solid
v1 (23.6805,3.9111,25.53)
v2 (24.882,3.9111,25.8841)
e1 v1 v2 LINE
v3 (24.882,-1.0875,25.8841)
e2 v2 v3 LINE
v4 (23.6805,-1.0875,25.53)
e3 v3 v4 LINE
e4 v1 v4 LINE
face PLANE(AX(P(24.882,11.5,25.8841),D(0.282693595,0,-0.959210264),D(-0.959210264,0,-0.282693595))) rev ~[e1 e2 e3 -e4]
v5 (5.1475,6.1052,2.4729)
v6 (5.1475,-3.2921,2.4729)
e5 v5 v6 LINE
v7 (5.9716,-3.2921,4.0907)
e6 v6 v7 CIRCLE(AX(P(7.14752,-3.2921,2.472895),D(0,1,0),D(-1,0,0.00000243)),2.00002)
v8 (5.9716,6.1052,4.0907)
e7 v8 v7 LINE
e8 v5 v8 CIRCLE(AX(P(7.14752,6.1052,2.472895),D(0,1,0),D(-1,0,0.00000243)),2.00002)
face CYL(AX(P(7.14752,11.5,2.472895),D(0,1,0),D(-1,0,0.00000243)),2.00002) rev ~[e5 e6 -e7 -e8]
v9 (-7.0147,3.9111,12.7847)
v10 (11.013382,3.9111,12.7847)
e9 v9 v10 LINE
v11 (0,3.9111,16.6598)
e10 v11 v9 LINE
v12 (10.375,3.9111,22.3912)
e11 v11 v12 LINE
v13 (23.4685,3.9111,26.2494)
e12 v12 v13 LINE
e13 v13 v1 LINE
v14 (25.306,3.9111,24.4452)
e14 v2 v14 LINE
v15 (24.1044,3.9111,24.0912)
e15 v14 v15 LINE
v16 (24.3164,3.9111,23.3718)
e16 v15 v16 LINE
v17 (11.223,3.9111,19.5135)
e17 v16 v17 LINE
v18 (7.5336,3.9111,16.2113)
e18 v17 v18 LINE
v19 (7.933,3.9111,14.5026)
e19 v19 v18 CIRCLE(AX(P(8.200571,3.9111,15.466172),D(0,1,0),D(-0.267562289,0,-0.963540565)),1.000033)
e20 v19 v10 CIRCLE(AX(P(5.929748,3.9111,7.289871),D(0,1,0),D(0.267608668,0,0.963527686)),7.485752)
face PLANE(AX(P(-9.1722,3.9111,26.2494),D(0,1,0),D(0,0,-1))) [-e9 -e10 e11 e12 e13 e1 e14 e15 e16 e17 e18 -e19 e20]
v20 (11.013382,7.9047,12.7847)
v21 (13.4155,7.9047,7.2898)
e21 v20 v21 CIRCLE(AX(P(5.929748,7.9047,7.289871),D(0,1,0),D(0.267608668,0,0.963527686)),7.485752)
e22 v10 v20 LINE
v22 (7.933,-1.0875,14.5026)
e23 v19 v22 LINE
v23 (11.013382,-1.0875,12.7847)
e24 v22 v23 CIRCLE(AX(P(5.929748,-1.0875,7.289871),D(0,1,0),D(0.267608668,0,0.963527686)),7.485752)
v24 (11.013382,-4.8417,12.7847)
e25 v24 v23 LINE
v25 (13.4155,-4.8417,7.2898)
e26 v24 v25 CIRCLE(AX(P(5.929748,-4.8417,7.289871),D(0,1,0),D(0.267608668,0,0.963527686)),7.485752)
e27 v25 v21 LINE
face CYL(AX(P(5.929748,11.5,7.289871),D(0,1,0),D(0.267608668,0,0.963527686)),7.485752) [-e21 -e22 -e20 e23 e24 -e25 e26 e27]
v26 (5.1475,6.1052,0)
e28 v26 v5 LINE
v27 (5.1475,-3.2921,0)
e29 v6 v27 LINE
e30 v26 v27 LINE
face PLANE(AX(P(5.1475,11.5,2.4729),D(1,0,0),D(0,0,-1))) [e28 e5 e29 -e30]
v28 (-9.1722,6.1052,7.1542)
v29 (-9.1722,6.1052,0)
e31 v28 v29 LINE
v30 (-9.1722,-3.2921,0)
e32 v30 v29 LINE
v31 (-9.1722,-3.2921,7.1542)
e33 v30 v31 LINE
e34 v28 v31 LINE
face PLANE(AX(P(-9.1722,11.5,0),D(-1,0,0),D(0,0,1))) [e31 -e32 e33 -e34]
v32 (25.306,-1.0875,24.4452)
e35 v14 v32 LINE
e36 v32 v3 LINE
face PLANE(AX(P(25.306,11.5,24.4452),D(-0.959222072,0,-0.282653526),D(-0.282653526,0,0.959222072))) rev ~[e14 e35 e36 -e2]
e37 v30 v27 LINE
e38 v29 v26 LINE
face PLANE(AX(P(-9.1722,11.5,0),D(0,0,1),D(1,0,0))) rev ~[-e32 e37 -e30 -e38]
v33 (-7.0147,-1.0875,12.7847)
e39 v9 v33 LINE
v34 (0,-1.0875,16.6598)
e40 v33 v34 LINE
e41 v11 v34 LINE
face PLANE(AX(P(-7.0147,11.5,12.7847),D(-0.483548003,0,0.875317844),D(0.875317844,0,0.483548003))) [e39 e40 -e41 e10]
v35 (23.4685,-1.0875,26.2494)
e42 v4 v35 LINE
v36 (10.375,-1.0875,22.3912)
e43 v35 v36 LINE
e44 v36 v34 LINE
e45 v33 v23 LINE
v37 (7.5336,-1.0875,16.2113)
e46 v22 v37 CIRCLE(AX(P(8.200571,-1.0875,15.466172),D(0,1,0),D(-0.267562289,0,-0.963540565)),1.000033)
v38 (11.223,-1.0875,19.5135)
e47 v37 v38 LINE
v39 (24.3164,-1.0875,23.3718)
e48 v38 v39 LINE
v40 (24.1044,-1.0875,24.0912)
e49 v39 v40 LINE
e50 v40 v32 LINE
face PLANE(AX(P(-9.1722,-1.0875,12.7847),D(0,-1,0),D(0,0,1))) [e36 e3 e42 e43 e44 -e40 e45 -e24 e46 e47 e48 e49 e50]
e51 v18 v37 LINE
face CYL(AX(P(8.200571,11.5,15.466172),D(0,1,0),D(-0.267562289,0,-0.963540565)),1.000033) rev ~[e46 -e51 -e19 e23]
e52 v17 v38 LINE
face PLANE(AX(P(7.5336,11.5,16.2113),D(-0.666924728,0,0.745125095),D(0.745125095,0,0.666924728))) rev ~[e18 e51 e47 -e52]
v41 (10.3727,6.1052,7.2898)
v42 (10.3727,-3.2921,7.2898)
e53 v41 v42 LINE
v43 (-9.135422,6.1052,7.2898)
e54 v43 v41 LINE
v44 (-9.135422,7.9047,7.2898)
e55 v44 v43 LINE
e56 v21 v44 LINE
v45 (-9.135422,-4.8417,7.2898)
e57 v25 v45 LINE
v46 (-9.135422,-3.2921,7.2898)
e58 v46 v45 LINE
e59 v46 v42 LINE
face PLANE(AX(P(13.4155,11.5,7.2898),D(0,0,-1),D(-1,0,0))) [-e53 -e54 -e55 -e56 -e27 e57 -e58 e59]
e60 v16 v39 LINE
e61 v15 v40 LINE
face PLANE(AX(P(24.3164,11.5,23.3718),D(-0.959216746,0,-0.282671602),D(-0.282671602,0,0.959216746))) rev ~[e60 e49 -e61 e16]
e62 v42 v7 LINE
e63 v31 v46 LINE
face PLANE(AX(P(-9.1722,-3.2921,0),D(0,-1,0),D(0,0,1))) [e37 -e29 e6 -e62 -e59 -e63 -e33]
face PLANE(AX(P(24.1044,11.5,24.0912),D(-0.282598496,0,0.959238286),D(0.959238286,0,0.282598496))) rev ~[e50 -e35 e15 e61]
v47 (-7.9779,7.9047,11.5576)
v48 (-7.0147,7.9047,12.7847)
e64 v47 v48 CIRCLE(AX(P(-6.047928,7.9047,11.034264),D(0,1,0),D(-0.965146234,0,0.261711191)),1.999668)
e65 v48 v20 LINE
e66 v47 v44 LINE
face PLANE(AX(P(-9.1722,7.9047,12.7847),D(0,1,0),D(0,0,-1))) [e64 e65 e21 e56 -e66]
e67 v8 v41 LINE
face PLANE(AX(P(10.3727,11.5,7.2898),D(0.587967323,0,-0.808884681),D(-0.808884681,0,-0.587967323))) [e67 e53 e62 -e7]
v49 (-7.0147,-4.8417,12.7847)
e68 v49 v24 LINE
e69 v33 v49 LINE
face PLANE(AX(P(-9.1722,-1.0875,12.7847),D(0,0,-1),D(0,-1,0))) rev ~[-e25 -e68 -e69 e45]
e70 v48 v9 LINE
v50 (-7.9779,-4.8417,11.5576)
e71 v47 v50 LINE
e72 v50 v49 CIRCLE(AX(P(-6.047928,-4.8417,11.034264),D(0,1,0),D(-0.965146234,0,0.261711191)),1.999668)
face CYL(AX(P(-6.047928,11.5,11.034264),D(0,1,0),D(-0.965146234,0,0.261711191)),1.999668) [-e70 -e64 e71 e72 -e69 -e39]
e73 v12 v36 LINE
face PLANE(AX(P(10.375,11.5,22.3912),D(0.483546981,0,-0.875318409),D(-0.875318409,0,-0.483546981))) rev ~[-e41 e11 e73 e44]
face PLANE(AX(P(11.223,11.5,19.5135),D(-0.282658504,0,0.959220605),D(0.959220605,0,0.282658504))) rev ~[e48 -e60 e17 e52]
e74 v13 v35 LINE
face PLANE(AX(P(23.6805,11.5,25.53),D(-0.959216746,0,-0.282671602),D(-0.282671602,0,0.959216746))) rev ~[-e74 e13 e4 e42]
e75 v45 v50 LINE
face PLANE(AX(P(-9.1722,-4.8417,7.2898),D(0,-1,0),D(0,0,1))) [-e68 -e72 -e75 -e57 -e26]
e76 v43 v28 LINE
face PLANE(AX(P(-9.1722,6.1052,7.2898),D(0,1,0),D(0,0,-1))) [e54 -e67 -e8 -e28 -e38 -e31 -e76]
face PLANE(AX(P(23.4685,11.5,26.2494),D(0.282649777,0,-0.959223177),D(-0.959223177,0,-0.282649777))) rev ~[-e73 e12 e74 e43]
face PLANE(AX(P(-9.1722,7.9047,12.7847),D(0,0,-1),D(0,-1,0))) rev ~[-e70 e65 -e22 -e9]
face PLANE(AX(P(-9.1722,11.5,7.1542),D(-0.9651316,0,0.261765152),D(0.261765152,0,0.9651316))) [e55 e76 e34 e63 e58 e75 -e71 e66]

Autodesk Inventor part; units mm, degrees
ref_plane "YZ Plane" through (0, 0, 0) normal (1, 0, 0) x (0, 1, 0)
ref_plane "XZ Plane" through (0, 0, 0) normal (0, 1, 0) x (-1, 0, 0)
ref_plane "XY Plane" through (0, 0, 0) normal (0, 0, 1) x (1, 0, 0)
sketch "Эскиз1" plane through (0, 0, 0) normal (0, 0, 1) x (1, 0, 0)
  line L0 (33.5, -8.5) -> (33.5, 11.5) projected
  line L1 (28.5, 11.5) -> (-21.5, 11.5)
  line L2 (-21.5, 11.5) -> (-21.5, -8.5)
  line L3 (-21.5, -8.5) -> (28.5, -8.5)
  line L4 (28.5, -8.5) -> (28.5, 11.5)
  point P0 (0, 0)
  point P1 (28.5, 1.5)
  point P2 (33.5, 1.5)
  dimension "d0" = 20
  dimension "d1" = 50
  dimension "d2" = 5
extrude "Выдавливание1" add sketch "Эскиз1" along normal blind 35
sketch "Эскиз2" plane through (-21.5, 11.5, 0) normal (0, 1, 0) x (1, 0, 0)
  line L0 (34.9155, -7.2898) -> (19.9439, -7.2898)
  arc A0 (29.433, -14.5026) -> (34.9155, -7.2898) centre (27.4297, -7.2898) ccw
  line L1 (29.0336, -16.2113) -> (32.723, -19.5135)
  line L2 (32.723, -19.5135) -> (45.8164, -23.3718)
  line L3 (45.8164, -23.3718) -> (45.6044, -24.0912)
  line L4 (45.6044, -24.0912) -> (46.806, -24.4452)
  line L5 (46.806, -24.4452) -> (46.382, -25.8841)
  line L6 (46.382, -25.8841) -> (45.1805, -25.53)
  line L7 (45.1805, -25.53) -> (44.9685, -26.2494)
  line L8 (44.9685, -26.2494) -> (31.875, -22.3912)
  line L9 (31.875, -22.3912) -> (21.5, -16.6598)
  line L10 (21.5, -16.6598) -> (19.9439, -14.1649)
  line L11 (19.9439, -14.1649) -> (19.9439, -7.2898)
  line L12 (31.8727, -7.2898) -> (27.4716, -4.0907)
  line L13 (26.6475, -2.4729) -> (26.6475, 0)
  line L14 (0, 0) -> (50, 0) projected
  line L15 (12.3278, 0) -> (12.3278, -7.1542)
  line L16 (12.3278, -7.1542) -> (13.5221, -11.5576)
  line L17 (14.4853, -12.7847) -> (21.5, -16.6598)
  arc A1 (29.433, -14.5026) -> (29.0336, -16.2113) centre (29.7006, -15.4662) ccw
  arc A2 (13.5221, -11.5576) -> (14.4853, -12.7847) centre (15.4524, -11.0341) ccw
  arc A3 (26.6475, -2.4729) -> (27.4716, -4.0907) centre (28.6475, -2.4729) ccw
  point P0 (21.5, 0)
  point P1 (27.4297, -14.7757)
  point P2 (13.7439, -12.3751)
  dimension "d5" = 1
  dimension "d6" = 2
  dimension "d7" = 0.75
  dimension "d8" = 3
  dimension "d9" = 1.5
extrude "Выдавливание2" cut sketch "Эскиз2" against normal through all keep common part
sketch "Эскиз3" plane through (-9.1722, 11.5, 0) normal (-1, 0, 0) x (0, 0, 1)
  line L0 (26.2494, 0) -> (26.2494, -20) projected
  line L1 (12.7847, 0) -> (12.7847, -20) projected
  line L2 (26.2494, -7.5889) -> (12.7847, -7.5889)
  line L3 (12.7847, -7.5889) -> (12.7847, -12.5875)
  line L4 (12.7847, -12.5875) -> (26.2494, -12.5875)
  line L5 (26.2494, -12.5875) -> (26.2494, -7.5889)
  line L6 (7.2898, 0) -> (7.2898, -20) projected
  line L7 (12.7847, -3.5953) -> (7.2898, -3.5953)
  line L8 (7.2898, -3.5953) -> (7.2898, -16.3417)
  line L9 (7.2898, -16.3417) -> (12.7847, -16.3417)
  line L10 (12.7847, -16.3417) -> (12.7847, -3.5953)
  line L11 (0, -20) -> (0, 0) projected
  line L12 (7.2898, -5.3948) -> (0, -5.3948)
  line L13 (0, -5.3948) -> (0, -14.7921)
  line L14 (0, -14.7921) -> (7.2898, -14.7921)
  line L15 (7.2898, -14.7921) -> (7.2898, -5.3948)
  point P0 (0, -11.5)
  point P1 (12.7847, -7.5889)
  point P2 (7.2898, -3.5953)
  point P3 (7.2898, -5.3948)
  point P4 (0, -5.3948)
extrude "Выдавливание3" cut sketch "Эскиз3" against normal blind 35 keep common part
